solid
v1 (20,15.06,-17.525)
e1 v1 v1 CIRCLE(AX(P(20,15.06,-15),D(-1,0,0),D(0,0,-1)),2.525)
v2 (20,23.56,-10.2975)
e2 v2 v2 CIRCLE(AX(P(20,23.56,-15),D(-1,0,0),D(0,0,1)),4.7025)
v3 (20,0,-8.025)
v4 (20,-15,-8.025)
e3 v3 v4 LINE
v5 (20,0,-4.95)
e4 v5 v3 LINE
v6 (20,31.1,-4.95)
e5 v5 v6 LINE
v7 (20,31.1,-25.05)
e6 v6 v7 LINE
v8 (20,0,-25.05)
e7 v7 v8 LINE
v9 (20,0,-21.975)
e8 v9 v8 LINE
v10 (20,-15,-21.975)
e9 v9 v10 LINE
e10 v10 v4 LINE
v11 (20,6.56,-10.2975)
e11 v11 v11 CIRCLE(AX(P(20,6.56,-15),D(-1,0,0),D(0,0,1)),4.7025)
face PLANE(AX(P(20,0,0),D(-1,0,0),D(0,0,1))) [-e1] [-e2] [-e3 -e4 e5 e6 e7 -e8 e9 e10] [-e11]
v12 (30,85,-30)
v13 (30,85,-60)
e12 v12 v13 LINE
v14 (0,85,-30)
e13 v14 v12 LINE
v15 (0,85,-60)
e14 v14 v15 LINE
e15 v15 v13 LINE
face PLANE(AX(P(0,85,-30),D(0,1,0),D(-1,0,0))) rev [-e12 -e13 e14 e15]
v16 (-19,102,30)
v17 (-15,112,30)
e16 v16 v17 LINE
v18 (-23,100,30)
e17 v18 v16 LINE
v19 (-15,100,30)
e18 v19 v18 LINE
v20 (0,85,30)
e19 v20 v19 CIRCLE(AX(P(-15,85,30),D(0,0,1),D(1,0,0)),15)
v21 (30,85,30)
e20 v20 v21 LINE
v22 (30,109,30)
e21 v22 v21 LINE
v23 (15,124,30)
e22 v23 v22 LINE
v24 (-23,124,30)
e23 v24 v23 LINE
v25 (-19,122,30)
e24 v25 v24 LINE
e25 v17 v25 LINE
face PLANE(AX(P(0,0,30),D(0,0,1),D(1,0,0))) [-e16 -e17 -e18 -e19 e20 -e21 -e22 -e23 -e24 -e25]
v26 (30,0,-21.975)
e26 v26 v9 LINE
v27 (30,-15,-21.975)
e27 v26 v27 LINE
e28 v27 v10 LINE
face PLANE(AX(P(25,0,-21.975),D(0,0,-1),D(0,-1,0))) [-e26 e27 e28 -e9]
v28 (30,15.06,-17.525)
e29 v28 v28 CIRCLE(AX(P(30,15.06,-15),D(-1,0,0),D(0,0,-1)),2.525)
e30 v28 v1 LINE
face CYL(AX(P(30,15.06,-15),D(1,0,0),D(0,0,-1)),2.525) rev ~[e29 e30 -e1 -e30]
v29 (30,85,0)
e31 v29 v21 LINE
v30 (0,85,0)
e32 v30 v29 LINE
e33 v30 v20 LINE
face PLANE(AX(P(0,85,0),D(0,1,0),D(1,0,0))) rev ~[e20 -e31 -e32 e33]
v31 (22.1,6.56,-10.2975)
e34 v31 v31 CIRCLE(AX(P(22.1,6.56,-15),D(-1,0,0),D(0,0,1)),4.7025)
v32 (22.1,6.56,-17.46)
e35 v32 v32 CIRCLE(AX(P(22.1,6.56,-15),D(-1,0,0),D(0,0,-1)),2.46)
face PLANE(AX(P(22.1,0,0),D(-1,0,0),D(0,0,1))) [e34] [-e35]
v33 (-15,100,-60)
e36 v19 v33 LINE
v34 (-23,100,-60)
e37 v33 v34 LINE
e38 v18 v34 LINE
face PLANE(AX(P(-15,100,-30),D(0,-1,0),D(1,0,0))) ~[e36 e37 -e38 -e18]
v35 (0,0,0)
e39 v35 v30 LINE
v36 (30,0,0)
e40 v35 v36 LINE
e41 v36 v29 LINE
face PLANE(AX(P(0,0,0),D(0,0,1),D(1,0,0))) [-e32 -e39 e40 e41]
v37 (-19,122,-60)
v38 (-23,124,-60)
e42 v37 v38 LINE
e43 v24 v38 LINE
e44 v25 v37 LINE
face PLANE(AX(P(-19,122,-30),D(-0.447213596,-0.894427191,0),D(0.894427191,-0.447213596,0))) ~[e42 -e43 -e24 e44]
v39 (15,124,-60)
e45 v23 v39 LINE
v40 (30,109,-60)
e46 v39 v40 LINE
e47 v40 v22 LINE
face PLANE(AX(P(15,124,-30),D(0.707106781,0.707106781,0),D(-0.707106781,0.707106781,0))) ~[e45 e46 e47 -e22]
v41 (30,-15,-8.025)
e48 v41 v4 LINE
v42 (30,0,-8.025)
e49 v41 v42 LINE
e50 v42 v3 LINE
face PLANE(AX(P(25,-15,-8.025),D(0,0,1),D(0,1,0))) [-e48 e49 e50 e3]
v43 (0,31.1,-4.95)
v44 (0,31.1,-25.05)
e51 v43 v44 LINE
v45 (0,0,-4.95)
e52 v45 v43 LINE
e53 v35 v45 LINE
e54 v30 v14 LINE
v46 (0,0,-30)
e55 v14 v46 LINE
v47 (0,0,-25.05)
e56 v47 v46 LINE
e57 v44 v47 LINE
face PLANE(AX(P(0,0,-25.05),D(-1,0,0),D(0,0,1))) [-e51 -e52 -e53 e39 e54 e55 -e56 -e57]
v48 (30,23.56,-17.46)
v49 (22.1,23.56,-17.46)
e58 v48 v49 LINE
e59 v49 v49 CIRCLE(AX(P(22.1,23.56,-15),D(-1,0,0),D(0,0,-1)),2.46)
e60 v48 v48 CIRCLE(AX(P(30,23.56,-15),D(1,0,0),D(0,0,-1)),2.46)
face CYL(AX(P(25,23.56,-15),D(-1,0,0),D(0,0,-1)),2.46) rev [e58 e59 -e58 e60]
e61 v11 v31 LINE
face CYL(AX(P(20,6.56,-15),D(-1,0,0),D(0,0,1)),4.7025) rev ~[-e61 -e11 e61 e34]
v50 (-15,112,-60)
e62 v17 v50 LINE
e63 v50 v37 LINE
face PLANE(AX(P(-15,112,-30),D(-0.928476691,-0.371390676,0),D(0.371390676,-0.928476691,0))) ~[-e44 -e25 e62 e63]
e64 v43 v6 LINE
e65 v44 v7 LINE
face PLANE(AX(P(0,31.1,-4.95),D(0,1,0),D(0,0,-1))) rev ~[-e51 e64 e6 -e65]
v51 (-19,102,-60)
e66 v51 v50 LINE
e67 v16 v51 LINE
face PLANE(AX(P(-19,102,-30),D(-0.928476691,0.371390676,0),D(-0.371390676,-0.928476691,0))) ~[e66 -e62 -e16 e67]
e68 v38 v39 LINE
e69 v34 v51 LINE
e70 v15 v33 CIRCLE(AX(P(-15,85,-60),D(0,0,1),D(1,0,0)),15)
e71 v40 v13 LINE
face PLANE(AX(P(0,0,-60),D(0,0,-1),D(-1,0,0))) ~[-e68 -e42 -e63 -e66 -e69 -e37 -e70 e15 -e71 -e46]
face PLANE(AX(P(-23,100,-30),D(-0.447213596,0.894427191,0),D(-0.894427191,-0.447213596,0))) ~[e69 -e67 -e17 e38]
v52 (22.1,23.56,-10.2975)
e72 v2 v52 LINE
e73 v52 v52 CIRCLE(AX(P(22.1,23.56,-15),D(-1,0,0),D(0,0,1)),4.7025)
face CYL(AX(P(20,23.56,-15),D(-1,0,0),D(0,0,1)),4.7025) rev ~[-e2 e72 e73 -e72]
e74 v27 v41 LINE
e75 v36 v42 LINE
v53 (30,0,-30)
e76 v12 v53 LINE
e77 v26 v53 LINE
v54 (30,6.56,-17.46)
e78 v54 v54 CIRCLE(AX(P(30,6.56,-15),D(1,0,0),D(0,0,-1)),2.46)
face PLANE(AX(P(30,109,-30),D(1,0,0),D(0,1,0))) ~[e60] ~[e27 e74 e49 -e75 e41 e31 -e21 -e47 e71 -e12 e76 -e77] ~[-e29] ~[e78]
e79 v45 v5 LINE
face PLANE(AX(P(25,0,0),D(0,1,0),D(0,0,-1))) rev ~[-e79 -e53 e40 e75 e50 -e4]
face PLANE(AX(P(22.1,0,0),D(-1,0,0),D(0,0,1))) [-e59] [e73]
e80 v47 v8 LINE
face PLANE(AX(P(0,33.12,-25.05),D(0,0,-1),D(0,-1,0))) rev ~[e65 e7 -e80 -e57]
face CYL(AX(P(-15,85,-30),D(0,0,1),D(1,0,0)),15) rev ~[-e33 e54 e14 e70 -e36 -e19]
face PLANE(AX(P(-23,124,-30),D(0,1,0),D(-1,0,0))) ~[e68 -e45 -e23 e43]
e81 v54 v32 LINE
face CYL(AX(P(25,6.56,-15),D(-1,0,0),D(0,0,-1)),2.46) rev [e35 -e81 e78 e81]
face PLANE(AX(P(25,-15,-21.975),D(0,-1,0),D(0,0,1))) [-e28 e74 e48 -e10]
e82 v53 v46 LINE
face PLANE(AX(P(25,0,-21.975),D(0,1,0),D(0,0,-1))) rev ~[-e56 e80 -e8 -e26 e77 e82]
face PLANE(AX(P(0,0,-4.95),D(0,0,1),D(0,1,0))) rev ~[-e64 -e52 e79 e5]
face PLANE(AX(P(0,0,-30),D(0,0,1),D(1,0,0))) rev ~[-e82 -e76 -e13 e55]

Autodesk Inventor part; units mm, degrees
ref_plane "YZ Plane" through (0, 0, 0) normal (1, 0, 0) x (0, 1, 0)
ref_plane "XZ Plane" through (0, 0, 0) normal (0, 1, 0) x (-1, 0, 0)
sketch "Sketch1" plane through (0, 0, 0) normal (0, 0, 1) x (1, 0, 0)
  line L0 (0, 0) -> (25, 0)
  line L1 (25, 0) -> (25, 40)
  line L2 (25, 40) -> (0, 40)
  line L3 (0, 40) -> (0, 0)
  dimension "d1" = 25
  dimension "d2" = 40
  dimension "d3" = 25
extrude "Extrusion1" add sketch "Sketch1" against normal blind 30
sketch "Sketch2" plane through (25, 0, 0) normal (1, 0, 0) x (0, 0, -1)
  line L0 (0, 0) -> (30, 0) projected
  circle A0 centre (15, 6.56) radius 2.46
extrude "Extrusion2" cut sketch "Sketch2" against normal blind 30
sketch "Sketch3" plane through (0, 0, 0) normal (-1, 0, 0) x (0, 0, 1)
  line L0 (0, 0) -> (-30, 0) projected
  line L1 (-25.05, 0) -> (-4.95, 0)
  line L2 (-4.95, 0) -> (-4.95, 33.12)
  line L3 (-4.95, 33.12) -> (-25.05, 33.12)
  line L4 (-25.05, 33.12) -> (-25.05, 0)
  dimension "d11" = 20.1
extrude "Extrusion3" cut sketch "Sketch3" against normal blind 20
sketch "Sketch4" plane through (0, 0, 0) normal (0, -1, 0) x (1, 0, 0)
  line L0 (20, -4.95) -> (20, -25.05) projected
  line L1 (20, -15) -> (25, -15)
  line L2 (25, 0) -> (25, -30) projected
  line L3 (20, -8.025) -> (25, -8.025)
  line L4 (25, -8.025) -> (25, -21.975)
  line L5 (25, -21.975) -> (20, -21.975)
  line L6 (20, -21.975) -> (20, -8.025)
  line L7 (20, -8.025) -> (25, -21.975) construction
  line L8 (25, -8.025) -> (20, -21.975) construction
  line L9 (25, -12.54) -> (25, -17.46) projected
  point P0 (0, 0)
  point P1 (22.5, -15)
  dimension "d14" = 13.95
extrude "Extrusion4" add sketch "Sketch4" along normal blind 15
sketch "Sketch5" plane through (20, 0, 0) normal (-1, 0, 0) x (0, 0, 1)
  circle A0 centre (-15, 6.56) radius 2.46 projected
  circle A1 centre (-15, 6.56) radius 4.7025
  circle A2 centre (-15, 6.56) radius 2.46 projected
  circle A3 centre (-15, 6.56) radius 2.46
  point P0 (0, 0)
  dimension "d17" = 9.405
extrude "Extrusion5" cut sketch "Sketch5" against normal blind 2.1
sketch "Sketch6" plane through (25, 0, 0) normal (1, 0, 0) x (0, 0, -1)
  circle A0 centre (15, 6.56) radius 4.7025 projected
  line L0 (15, 6.56) -> (15, 23.56)
  circle A1 centre (15, 23.56) radius 2.46
  point P0 (0, 0)
  dimension "d20" = 17
  dimension "d21" = 4.92
extrude "Extrusion6" cut sketch "Sketch6" against normal blind 10 contours A1
sketch "Sketch7" plane through (20, 0, 0) normal (-1, 0, 0) x (0, 0, 1)
  circle A0 centre (-15, 23.56) radius 2.46 projected
  circle A1 centre (-15, 23.56) radius 4.7025
  point P0 (0, 0)
  dimension "d24" = 9.405
extrude "Extrusion7" cut sketch "Sketch7" against normal blind 2.1
sketch "Sketch9" plane through (25, 0, 0) normal (1, 0, 0) x (0, 0, -1)
  circle A0 centre (15, 6.56) radius 2.46 projected
  circle A1 centre (15, 6.56) radius 2.46
  circle A2 centre (15, 23.56) radius 2.46 projected
  circle A3 centre (15, 23.56) radius 2.46
  line L0 (30, 40) -> (30, 0) projected
  line L1 (30, 0) -> (30, 40)
  line L2 (30, 40) -> (0, 40)
  line L3 (0, 40) -> (0, 0)
  line L4 (0, 0) -> (8.025, 0) projected
  line L5 (21.975, 0) -> (21.975, -15)
  line L6 (21.975, -15) -> (8.025, -15)
  line L7 (8.025, -15) -> (8.025, 0)
  line L8 (0, 0) -> (8.025, 0)
  line L9 (21.975, 0) -> (30, 0)
extrude "Extrusion8" add sketch "Sketch9" along normal blind 5
sketch "Sketch10" plane through (0, 40, 0) normal (0, 1, 0) x (1, 0, 0)
  line L0 (0, 30) -> (30, 30) projected
  line L1 (30, 0) -> (0, 0) projected
  line L2 (0, 30) -> (30, 30)
  line L3 (30, 30) -> (30, 0)
  line L4 (30, 0) -> (0, 0)
  line L5 (0, 0) -> (0, 30)
extrude "Extrusion9" add sketch "Sketch10" along normal blind 30
sketch "Sketch12" plane through (30, 0, 0) normal (1, 0, 0) x (0, 0, -1)
  circle A0 centre (15, 6.56) radius 2.46 projected
  line L0 (15, 6.56) -> (15, 15.06)
  circle A1 centre (15, 15.06) radius 2.525
  point P0 (0, 0)
  dimension "d31" = 8.5
  dimension "d33" = 5.05
extrude "Extrusion10" cut sketch "Sketch12" against normal blind 30 contours A1
sketch "Sketch14" plane through (0, 0, 0) normal (0, 0, 1) x (1, 0, 0)
  line L0 (30, 70) -> (0, 70) projected
  line L1 (0, 70) -> (0, 85)
  line L2 (-15, 100) -> (-23, 100)
  line L3 (30, 0) -> (30, 70) projected
  line L4 (30, 109) -> (30, 70)
  arc A0 (0, 85) -> (-15, 100) centre (-15, 85) ccw
  line L5 (30, 105) -> (30, 100)
  line L6 (-23, 124) -> (15, 124)
  line L7 (-19, 122) -> (-23, 124)
  line L8 (-19, 122) -> (-15, 112)
  line L9 (-19, 102) -> (-23, 100)
  line L10 (-19, 102) -> (-15, 112)
  line L11 (30, 109) -> (15, 124)
  point P0 (0, 0)
  point P1 (0, 100)
  dimension "d47" = 30
  dimension "d54" = 15
extrude "Extrusion12" add sketch "Sketch14" against normal blind 30
sketch "Sketch15" plane through (0, 0, -25.05) normal (-1, 0, 0) x (0, 0, 1)
  line L0 (0, 33.12) -> (20.1, 33.12) projected
  line L1 (20.1, 33.12) -> (20.1, 0) projected
  line L2 (0, 33.12) -> (20.1, 33.12)
  line L3 (20.1, 33.12) -> (20.1, 31.1)
  line L4 (20.1, 31.1) -> (0, 31.1)
  line L5 (0, 31.1) -> (0, 33.12)
  point P0 (25.05, 0)
  dimension "d57" = 2.02
extrude "Extrusion13" add sketch "Sketch15" against normal blind 20
sketch "Sketch19" plane through (0, 0, 0) normal (0, 0, 1) x (1, 0, 0)
  arc A0 (0, 85) -> (-15, 100) centre (-15, 85) ccw projected
  arc A1 (0, 85) -> (-15, 100) centre (-15, 85) ccw
  line L0 (-15, 100) -> (-23, 100) projected
  line L1 (-15, 100) -> (-23, 100)
  line L2 (-23, 100) -> (-19, 102) projected
  line L3 (-23, 100) -> (-19, 102)
  line L4 (-19, 102) -> (-15, 112) projected
  line L5 (-19, 102) -> (-15, 112)
  line L6 (-15, 112) -> (-19, 122) projected
  line L7 (-15, 112) -> (-19, 122)
  line L8 (-19, 122) -> (-23, 124) projected
  line L9 (-19, 122) -> (-23, 124)
  line L10 (-23, 124) -> (15, 124) projected
  line L11 (-23, 124) -> (15, 124)
  line L12 (15, 124) -> (30, 109) projected
  line L13 (15, 124) -> (30, 109)
  line L14 (30, 109) -> (30, 85)
  line L15 (30, 0) -> (30, 109) projected
  line L16 (0, 85) -> (30, 85)
  point P0 (0, 0)
extrude "Extrusion14" add sketch "Sketch19" along normal blind 30
ref_plane "Work Plane1" through (0, 0, -15) normal (0, 0, 1) x (1, 0, 0)
mirror "Mirror1" about plane through (0, 0, -15) normal (0, 0, 1) of "Extrusion14"
properties part number "20mm_x_90mm"
